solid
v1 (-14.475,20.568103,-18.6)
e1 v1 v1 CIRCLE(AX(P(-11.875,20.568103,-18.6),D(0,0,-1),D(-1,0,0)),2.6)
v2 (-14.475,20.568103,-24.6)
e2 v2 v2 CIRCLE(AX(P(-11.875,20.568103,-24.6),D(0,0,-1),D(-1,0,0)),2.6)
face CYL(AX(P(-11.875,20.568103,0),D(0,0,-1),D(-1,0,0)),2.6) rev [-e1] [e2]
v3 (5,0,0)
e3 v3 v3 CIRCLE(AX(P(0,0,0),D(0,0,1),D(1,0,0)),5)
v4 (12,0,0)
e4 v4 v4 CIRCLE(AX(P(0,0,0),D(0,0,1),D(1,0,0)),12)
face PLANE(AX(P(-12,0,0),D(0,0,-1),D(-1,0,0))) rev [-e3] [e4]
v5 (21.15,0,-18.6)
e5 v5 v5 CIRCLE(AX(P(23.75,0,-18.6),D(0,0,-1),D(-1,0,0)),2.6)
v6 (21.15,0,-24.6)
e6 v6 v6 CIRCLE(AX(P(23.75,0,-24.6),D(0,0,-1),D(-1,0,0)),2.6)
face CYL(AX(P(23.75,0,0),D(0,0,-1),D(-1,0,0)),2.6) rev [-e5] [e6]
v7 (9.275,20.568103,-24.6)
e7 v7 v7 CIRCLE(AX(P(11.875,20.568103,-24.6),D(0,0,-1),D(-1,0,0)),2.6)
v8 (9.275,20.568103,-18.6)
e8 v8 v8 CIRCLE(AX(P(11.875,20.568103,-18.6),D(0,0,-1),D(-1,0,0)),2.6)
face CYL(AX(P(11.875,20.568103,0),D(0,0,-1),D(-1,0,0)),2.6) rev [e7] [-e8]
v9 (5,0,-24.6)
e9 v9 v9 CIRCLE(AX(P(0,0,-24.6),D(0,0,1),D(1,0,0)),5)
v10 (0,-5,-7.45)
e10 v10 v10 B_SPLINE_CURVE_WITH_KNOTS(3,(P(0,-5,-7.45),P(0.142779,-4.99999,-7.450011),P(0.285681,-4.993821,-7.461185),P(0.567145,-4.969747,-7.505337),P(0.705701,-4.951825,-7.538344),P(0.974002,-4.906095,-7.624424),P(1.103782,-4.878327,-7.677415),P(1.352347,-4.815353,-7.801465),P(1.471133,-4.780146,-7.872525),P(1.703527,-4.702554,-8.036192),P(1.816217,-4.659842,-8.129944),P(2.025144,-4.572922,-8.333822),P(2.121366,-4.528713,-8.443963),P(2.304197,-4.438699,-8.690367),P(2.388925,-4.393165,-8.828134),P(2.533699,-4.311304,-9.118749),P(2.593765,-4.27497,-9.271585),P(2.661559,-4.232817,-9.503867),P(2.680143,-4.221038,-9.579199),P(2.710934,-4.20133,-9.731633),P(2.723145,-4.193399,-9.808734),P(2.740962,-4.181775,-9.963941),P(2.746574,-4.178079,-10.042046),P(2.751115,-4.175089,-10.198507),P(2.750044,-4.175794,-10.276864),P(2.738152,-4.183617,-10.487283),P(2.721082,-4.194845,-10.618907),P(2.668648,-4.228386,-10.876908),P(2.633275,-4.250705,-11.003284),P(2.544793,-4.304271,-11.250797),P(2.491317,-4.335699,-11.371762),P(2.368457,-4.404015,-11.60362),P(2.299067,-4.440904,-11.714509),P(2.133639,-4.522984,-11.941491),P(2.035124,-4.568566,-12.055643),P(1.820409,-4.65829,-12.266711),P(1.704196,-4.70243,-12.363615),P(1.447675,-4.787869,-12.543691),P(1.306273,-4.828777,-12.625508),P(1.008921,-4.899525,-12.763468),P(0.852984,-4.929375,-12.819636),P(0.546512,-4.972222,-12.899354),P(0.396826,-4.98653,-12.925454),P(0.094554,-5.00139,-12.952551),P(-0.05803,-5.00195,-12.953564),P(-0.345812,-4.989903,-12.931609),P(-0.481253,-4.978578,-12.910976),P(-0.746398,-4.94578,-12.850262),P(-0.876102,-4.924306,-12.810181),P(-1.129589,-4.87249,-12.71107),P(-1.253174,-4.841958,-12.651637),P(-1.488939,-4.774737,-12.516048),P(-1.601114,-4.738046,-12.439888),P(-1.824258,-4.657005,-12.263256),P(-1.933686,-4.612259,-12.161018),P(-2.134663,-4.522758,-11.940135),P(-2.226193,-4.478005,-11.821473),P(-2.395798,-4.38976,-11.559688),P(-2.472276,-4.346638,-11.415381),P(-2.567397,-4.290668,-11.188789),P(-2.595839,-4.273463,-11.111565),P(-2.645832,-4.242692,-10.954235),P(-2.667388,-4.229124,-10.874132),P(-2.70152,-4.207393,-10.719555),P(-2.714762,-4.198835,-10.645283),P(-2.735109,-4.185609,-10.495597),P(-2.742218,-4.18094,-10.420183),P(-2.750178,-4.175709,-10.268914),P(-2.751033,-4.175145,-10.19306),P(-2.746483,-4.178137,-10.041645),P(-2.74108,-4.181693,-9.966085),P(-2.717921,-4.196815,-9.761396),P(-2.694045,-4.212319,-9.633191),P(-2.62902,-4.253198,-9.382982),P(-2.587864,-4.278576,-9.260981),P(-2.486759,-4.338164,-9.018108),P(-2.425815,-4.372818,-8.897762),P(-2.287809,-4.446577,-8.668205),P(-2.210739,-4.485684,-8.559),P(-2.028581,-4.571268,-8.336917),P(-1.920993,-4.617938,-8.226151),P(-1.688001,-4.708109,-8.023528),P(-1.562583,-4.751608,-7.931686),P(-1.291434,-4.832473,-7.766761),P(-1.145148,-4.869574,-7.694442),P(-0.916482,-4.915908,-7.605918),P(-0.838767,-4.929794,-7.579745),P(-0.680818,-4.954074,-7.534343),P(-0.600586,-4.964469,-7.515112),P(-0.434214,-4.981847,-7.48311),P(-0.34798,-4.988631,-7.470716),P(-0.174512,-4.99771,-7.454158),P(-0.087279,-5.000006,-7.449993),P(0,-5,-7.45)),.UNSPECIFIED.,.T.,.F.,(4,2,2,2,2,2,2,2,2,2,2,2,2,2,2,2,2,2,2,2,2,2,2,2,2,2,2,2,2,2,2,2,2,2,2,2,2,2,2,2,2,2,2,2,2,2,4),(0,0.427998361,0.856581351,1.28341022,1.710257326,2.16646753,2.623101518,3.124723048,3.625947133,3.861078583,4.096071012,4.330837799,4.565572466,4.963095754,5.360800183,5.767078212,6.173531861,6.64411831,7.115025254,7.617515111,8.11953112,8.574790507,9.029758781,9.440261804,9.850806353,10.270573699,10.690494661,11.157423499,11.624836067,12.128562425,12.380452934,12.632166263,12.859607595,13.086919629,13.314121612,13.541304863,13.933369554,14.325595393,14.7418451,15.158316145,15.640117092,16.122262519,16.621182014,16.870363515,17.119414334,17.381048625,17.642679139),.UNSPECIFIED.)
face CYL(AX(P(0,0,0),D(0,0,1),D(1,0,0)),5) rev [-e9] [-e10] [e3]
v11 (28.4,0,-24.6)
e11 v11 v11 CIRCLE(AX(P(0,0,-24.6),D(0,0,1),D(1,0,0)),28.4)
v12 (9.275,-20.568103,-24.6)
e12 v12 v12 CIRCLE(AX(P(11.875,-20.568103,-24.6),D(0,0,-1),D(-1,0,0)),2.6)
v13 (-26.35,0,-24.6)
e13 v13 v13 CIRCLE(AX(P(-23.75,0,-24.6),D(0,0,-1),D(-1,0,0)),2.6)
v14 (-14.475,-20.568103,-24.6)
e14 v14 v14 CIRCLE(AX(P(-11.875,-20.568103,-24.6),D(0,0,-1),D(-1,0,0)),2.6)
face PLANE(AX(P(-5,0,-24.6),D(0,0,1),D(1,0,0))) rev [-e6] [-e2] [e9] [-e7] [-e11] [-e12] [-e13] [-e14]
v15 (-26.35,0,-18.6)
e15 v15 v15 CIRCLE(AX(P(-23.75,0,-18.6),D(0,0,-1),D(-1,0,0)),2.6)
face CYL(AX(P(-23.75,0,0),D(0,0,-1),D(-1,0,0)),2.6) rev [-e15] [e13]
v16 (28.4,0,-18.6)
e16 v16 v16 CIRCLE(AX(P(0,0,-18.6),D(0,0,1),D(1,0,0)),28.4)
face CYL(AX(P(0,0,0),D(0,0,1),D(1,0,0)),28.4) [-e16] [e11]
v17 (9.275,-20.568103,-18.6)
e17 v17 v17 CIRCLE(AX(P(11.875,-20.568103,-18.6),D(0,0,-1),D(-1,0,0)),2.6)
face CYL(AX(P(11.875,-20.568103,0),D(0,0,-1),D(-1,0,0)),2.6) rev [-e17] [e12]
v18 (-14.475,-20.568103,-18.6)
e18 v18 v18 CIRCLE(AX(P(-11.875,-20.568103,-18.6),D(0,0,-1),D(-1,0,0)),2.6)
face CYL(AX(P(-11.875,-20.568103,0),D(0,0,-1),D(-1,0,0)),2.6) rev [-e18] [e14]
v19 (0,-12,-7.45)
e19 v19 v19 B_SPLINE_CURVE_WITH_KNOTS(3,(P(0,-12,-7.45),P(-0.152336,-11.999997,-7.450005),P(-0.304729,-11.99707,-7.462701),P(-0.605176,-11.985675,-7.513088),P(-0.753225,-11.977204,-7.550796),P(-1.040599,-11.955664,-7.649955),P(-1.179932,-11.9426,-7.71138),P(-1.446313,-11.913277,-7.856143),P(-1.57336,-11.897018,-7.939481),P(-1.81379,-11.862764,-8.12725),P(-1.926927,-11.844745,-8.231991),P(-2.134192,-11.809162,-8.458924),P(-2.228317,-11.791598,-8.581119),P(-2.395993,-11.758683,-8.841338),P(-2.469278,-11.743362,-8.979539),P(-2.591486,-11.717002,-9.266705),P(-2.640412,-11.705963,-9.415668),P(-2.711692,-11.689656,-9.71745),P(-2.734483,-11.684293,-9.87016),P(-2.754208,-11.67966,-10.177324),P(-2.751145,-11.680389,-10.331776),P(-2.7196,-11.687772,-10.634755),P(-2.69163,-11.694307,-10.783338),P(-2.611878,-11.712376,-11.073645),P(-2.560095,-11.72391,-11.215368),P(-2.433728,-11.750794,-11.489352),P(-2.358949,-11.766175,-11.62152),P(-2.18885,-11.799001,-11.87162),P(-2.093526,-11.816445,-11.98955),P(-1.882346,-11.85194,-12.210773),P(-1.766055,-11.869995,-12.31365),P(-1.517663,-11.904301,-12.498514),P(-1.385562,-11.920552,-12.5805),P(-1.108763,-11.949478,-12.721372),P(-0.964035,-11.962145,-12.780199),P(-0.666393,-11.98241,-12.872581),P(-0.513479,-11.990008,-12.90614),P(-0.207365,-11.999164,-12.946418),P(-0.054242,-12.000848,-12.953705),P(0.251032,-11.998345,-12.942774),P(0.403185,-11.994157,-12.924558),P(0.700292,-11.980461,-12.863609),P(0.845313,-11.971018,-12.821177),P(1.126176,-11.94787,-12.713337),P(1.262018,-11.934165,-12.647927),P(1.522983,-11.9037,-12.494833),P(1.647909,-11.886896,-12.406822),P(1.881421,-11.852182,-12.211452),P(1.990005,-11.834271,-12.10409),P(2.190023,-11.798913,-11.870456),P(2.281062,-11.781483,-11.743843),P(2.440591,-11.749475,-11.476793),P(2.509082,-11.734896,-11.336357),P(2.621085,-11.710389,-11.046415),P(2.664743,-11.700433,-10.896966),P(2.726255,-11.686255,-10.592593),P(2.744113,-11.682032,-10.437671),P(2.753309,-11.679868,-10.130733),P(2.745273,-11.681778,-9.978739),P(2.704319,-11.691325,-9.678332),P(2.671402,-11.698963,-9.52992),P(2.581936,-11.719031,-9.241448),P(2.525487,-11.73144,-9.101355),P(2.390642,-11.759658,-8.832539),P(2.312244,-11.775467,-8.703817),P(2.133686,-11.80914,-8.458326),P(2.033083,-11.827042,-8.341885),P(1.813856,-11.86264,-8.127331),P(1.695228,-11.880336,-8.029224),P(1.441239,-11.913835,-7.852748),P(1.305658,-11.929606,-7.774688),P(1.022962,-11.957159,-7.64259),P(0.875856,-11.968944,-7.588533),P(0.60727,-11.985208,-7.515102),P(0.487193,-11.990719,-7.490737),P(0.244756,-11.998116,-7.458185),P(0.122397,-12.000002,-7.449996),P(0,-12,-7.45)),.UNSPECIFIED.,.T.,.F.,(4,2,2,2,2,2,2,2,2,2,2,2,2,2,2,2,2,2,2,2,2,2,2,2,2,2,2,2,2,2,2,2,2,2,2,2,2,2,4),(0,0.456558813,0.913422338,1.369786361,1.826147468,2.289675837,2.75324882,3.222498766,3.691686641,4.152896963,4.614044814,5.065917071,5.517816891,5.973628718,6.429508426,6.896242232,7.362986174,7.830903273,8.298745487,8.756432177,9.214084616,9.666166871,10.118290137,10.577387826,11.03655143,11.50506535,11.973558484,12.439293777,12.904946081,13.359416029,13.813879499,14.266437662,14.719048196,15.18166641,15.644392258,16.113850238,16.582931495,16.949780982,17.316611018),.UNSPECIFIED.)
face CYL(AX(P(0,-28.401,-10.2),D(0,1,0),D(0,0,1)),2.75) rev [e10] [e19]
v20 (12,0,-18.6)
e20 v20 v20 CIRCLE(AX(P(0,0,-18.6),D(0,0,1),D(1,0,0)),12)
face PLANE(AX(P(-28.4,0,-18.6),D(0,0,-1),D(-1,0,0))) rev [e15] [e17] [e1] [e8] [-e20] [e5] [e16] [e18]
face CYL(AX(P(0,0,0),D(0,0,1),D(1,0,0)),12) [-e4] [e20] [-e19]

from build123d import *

# Parameters (mm, degrees)
SKETCH2_R               = 2.6
CUT_EXTRUDE1_DEPTH      = 48.098619937
CUT_EXTRUDE2_REACH      = 49.099
CUT_EXTRUDE2_END_RADIUS = 12
SKETCH3_R               = 2.75


with BuildPart() as part:
    # Sketch1 → Revolve1 (revolve)
    with BuildSketch(Plane(origin=(0, 0, 0), x_dir=(1, 0, 0), z_dir=(0, 1, 0)), mode=Mode.PRIVATE) as revolve1_sk:
        Polygon((-5, 24.6), (-28.4, 24.6), (-28.4, 18.6), (-12, 18.6), (-12, 0), (-5, 0), align=None)
    revolve(revolve1_sk.sketch.rotate(Axis((0, 0, 0), (0, 0, -1)), 180), axis=Axis((0, 0, 0), (0, 0, -1)))

    # Sketch2 → Cut-Extrude1 (cut, through all)
    with BuildSketch(Plane(origin=(0, 0, -24.6), x_dir=(-1, 0, 0), z_dir=(0, 0, -1))):
        with Locations((-23.75, 0)):
            Circle(SKETCH2_R)
        with Locations((-11.875, 20.56810334)):
            Circle(SKETCH2_R)
        with Locations((11.875, 20.56810334)):
            Circle(SKETCH2_R)
        with Locations((23.75, 0)):
            Circle(SKETCH2_R)
        with Locations((11.875, -20.56810334)):
            Circle(SKETCH2_R)
        with Locations((-11.875, -20.56810334)):
            Circle(SKETCH2_R)
    extrude(amount=-CUT_EXTRUDE1_DEPTH, mode=Mode.SUBTRACT)

    # Cut-Extrude2: up to this cylinder (the profile starts inside it)
    cut_extrude2_end = Plane(origin=(0, 0, -10.2), z_dir=(0, 0, 1)) * Cylinder(CUT_EXTRUDE2_END_RADIUS, 123.198, mode=Mode.PRIVATE)
    # Sketch3 → Cut-Extrude2 (cut, up to the surface)
    with BuildSketch(Plane(origin=(0, 0, 0), x_dir=(1, 0, 0), z_dir=(0, 1, 0)), mode=Mode.PRIVATE) as cut_extrude2_sk1:
        with Locations(Location((0, 10.2, 0), (0, 0, 270))):
            Circle(SKETCH3_R)
    cut_extrude2_tool1 = extrude(cut_extrude2_sk1.sketch, amount=-CUT_EXTRUDE2_REACH, mode=Mode.PRIVATE) & cut_extrude2_end
    add(cut_extrude2_tool1.solids().sort_by_distance((0, 0, -10.2))[0], mode=Mode.SUBTRACT)


solid = part.part
